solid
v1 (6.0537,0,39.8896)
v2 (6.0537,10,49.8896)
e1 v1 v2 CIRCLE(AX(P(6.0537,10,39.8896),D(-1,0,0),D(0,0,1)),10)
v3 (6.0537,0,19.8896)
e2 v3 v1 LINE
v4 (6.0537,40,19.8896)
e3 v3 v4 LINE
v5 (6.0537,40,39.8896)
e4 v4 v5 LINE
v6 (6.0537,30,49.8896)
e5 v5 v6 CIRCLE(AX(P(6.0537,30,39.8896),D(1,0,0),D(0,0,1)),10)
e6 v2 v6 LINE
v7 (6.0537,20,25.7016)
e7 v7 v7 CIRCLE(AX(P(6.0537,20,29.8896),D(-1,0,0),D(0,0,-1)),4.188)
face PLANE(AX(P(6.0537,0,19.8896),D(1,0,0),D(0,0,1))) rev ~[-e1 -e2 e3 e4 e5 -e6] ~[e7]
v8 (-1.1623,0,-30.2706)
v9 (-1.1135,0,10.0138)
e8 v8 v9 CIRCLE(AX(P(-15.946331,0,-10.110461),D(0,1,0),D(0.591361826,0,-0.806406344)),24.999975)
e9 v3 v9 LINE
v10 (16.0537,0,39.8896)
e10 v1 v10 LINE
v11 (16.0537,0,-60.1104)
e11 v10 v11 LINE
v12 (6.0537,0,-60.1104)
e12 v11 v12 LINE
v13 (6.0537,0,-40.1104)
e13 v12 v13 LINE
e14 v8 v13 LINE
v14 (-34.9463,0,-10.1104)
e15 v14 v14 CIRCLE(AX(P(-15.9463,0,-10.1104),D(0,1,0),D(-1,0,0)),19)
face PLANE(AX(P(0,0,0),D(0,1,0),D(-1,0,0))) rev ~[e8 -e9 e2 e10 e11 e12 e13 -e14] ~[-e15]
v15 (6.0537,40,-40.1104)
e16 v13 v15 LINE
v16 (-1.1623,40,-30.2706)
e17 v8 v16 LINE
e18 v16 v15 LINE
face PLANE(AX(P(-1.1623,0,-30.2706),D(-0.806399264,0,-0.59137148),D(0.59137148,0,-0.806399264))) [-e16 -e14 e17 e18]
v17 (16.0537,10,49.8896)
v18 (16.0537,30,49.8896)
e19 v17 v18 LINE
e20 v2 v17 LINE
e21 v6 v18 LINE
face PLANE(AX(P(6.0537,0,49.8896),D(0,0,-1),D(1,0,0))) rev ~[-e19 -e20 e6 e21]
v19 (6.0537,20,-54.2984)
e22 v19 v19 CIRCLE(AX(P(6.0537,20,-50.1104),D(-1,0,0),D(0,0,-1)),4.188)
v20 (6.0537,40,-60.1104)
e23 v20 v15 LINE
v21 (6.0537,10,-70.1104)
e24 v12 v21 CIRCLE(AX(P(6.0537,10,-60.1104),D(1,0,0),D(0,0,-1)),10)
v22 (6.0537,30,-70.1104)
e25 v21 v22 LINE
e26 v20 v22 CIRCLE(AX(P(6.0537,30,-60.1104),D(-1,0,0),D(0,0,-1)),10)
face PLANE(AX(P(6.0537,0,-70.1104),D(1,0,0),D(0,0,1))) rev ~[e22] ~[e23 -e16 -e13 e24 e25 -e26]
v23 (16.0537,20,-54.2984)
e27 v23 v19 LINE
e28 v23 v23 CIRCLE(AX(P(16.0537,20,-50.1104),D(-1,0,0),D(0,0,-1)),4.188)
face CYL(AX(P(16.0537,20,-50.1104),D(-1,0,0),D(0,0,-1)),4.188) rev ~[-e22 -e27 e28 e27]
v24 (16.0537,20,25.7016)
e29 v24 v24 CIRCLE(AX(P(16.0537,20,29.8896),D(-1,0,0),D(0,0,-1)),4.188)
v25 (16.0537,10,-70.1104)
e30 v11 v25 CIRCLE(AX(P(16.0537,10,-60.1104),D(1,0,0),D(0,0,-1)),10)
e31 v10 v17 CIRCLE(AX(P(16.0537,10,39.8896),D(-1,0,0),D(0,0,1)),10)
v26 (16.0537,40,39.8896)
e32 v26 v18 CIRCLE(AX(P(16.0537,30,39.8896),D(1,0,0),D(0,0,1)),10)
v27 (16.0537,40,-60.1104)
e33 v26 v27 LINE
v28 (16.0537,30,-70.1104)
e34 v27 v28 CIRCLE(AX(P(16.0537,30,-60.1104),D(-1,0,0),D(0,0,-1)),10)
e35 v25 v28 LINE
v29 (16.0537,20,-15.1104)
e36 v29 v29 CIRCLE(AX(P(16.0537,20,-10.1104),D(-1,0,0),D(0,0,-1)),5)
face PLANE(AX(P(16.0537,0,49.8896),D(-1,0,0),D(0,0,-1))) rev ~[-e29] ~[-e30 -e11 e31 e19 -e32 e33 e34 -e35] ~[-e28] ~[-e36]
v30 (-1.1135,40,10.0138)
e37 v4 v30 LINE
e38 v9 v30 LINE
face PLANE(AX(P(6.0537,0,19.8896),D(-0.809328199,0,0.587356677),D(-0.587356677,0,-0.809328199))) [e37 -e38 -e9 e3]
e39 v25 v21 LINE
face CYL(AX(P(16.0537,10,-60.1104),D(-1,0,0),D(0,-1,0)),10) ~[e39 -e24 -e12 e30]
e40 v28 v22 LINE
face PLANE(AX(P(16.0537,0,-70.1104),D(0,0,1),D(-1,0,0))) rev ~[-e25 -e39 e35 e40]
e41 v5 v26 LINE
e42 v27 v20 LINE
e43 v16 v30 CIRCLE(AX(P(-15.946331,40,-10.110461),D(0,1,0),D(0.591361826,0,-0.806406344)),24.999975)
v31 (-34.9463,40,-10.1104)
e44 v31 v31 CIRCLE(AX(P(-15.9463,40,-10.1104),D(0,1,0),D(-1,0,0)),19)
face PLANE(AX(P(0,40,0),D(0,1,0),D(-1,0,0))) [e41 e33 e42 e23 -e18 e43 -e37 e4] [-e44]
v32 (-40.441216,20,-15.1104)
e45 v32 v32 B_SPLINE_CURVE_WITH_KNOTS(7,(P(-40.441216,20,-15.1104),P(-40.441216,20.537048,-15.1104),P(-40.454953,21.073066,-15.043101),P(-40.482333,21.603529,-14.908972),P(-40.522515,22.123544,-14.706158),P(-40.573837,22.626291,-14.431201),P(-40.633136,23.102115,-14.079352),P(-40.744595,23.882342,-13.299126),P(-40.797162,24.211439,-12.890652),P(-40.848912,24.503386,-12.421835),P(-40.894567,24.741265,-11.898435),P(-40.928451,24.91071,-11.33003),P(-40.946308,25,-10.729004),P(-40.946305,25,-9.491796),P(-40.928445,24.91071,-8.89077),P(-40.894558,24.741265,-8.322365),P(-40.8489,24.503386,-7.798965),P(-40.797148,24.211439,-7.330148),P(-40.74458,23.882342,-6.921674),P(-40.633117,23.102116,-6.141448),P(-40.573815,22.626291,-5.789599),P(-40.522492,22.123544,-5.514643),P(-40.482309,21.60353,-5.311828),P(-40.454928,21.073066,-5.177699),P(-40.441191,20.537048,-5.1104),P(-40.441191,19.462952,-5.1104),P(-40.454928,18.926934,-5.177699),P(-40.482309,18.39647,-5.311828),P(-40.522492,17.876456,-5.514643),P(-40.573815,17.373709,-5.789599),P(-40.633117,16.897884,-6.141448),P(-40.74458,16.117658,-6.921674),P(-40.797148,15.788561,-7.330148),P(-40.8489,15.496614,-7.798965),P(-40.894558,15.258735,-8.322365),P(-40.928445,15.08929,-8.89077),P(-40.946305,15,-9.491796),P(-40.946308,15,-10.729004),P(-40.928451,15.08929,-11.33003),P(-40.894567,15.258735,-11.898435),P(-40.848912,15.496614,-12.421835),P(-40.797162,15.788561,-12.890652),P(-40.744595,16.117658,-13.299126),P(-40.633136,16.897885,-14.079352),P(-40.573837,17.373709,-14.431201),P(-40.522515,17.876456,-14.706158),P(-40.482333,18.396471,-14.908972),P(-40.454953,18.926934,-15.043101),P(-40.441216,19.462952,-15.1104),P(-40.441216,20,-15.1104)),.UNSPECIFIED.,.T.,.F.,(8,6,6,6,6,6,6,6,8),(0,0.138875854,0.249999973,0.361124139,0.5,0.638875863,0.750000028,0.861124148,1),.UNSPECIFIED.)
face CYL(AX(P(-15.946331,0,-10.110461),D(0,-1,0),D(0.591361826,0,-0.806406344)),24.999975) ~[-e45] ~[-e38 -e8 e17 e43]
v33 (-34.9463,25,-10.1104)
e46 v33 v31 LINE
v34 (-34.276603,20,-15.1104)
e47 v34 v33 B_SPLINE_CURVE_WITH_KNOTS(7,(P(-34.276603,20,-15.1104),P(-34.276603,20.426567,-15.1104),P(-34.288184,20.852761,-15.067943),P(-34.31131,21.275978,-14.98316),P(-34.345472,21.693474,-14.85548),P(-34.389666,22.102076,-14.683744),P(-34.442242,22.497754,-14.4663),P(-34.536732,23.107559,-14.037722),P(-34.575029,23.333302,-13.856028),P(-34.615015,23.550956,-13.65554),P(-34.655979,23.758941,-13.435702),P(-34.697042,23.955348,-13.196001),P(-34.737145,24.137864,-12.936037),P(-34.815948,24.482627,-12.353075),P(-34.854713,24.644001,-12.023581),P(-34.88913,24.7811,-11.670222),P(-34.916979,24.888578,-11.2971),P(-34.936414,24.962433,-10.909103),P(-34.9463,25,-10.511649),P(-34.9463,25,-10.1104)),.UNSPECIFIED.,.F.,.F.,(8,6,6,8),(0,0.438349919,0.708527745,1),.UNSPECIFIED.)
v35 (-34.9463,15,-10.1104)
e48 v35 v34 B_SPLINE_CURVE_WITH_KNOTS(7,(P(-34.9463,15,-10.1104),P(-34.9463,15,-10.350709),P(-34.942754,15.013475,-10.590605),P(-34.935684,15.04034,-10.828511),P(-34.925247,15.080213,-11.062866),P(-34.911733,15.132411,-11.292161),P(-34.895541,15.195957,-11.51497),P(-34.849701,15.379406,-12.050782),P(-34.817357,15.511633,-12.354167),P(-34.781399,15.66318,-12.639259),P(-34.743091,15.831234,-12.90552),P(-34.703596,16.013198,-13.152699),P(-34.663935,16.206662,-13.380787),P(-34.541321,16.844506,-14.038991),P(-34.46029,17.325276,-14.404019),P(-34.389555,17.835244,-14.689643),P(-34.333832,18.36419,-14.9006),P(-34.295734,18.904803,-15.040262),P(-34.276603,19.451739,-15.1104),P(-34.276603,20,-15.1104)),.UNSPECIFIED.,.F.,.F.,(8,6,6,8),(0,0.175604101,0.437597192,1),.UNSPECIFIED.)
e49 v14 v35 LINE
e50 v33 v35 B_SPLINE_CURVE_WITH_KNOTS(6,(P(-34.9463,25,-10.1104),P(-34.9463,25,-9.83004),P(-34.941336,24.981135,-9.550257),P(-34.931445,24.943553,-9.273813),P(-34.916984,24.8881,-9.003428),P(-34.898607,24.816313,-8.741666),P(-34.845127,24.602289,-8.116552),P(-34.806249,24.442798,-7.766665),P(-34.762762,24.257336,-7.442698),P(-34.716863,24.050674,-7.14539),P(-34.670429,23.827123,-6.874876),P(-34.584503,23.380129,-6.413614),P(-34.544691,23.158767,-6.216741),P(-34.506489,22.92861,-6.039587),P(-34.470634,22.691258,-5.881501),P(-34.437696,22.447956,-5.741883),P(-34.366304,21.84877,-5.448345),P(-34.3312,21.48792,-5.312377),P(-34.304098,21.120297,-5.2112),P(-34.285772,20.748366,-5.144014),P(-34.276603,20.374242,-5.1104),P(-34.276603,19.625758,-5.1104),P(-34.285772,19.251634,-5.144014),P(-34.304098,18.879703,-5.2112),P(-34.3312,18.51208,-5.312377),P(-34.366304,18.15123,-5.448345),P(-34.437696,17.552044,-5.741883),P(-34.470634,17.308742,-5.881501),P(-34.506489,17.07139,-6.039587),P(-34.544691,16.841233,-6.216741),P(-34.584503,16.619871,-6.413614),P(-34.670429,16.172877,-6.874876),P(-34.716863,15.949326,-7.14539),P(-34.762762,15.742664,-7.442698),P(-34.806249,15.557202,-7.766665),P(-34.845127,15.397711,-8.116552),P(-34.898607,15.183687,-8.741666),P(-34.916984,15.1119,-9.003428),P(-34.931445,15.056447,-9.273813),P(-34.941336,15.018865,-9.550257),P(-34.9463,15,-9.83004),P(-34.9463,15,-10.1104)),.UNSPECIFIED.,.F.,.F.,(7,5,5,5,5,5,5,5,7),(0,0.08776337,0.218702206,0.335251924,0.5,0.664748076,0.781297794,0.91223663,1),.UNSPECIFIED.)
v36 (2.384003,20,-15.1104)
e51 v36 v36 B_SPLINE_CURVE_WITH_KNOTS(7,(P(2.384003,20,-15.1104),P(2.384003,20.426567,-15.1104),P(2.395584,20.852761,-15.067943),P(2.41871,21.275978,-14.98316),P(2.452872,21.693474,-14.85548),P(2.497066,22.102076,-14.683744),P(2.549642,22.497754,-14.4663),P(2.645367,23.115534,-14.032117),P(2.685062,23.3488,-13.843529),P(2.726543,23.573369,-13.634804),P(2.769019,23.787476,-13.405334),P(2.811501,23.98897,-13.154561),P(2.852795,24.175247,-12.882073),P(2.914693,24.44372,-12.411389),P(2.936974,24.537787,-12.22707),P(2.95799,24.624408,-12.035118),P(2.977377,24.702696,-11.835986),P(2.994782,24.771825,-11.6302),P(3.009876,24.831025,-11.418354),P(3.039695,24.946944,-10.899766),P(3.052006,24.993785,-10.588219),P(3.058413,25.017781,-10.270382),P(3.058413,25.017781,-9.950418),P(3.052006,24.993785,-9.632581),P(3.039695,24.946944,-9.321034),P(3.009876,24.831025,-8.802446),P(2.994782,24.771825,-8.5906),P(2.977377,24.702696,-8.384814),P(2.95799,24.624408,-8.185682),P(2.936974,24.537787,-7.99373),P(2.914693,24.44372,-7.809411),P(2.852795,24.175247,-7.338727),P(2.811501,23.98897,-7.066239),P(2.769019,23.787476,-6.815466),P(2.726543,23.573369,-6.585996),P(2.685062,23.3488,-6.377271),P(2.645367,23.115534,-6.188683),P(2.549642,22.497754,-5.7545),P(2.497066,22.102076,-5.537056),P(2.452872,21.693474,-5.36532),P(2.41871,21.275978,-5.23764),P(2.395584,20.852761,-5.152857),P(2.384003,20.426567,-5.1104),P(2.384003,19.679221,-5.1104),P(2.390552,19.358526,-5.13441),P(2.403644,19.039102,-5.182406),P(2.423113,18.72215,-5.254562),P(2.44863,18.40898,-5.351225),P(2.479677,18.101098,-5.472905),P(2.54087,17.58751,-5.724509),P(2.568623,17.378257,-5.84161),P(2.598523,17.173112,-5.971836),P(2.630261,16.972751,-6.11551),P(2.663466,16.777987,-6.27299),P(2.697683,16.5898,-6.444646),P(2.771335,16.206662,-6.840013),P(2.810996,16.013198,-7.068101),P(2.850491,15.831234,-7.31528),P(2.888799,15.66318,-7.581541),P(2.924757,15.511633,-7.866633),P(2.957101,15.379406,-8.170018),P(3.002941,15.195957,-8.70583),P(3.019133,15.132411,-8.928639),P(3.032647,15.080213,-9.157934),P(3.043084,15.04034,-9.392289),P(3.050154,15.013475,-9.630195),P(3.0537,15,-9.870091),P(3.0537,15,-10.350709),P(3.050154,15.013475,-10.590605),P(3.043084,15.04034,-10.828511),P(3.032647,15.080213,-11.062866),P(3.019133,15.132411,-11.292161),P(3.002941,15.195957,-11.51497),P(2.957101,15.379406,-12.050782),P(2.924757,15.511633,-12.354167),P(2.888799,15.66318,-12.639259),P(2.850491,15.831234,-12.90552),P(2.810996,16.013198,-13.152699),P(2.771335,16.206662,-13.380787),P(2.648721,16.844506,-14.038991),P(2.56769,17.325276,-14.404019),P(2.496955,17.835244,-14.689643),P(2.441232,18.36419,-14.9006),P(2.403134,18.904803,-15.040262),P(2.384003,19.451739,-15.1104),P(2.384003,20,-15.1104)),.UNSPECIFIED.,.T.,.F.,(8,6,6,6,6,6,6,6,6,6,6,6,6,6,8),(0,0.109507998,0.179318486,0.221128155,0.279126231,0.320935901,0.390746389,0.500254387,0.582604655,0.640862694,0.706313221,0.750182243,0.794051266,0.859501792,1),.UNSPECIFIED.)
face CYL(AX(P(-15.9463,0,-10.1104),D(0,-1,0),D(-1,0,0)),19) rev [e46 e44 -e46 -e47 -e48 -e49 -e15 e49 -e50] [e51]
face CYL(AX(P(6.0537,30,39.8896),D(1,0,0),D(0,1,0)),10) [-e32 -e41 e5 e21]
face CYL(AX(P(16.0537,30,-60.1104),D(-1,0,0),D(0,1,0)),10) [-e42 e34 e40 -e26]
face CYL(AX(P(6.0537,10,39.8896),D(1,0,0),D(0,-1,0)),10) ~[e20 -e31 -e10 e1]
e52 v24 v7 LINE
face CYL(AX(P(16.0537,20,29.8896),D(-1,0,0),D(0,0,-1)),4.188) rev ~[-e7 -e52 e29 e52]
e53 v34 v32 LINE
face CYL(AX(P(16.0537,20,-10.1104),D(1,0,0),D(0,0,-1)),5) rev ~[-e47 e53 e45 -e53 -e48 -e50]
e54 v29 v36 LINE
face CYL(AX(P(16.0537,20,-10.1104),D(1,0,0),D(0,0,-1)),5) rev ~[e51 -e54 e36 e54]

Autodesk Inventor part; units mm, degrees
ref_plane "YZ Plane" through (0, 0, 0) normal (1, 0, 0) x (0, 1, 0)
ref_plane "XZ Plane" through (0, 0, 0) normal (0, 1, 0) x (-1, 0, 0)
ref_plane "XY Plane" through (0, 0, 0) normal (0, 0, 1) x (1, 0, 0)
sketch "Sketch1" plane through (0, 0, 0) normal (0, 1, 0) x (-1, 0, 0)
  arc A0 (1.1623, -30.2706) -> (1.1135, 10.0138) centre (15.9463, -10.1104) ccw
  circle A1 centre (15.9463, -10.1104) radius 19
  line L0 (-9.0537, -10.1104) -> (-6.0537, -10.1104)
  line L1 (-6.0537, -10.1104) -> (-6.0537, 49.8896)
  line L2 (-6.0537, 49.8896) -> (-16.0537, 49.8896)
  line L3 (-16.0537, 49.8896) -> (-16.0537, -70.1104)
  line L4 (-16.0537, -70.1104) -> (-6.0537, -70.1104)
  line L5 (-6.0537, -70.1104) -> (-6.0537, -10.1104)
  line L6 (-6.0537, 19.8896) -> (1.1135, 10.0138)
  line L7 (15.9463, -10.1104) -> (15.8318, -10.2667)
  line L8 (1.1623, -30.2706) -> (-6.0537, -40.1104)
  point P0 (0, 0)
  dimension "d0" = 50
  dimension "d1" = 38
  dimension "d2" = 3
  dimension "d4" = 10
  dimension "d5" = 120
  dimension "d11" = 0
extrude "Extrusion1" add sketch "Sketch1" along normal blind 40
sketch "Sketch2" plane through (16.0537, 0, 49.8896) normal (1, 0, 0) x (0, 0, -1)
  line L0 (0, 0) -> (0, 40) projected
  line L1 (0, 20) -> (120, 20)
  line L2 (120, 0) -> (120, 40) projected
  circle A0 centre (60, 20) radius 5
  circle A1 centre (20, 20) radius 4
  circle A2 centre (100, 20) radius 4
  point P0 (49.8896, 0)
  dimension "d14" = 10
  dimension "d15" = 8
  dimension "d16" = 8
  dimension "d17" = 20
  dimension "d18" = 20
hole "Hole1" at (16.0537, 20, 29.8896) at (16.0537, 20, -50.1104) direction (-1, 0, 0) diameter 8.376 depth 27.3 tip angle 118 thread size "M10x1.5" class "6H" standard "ISO Metric profile"
fillet "Fillet1" radius 10 4 edges at (11.0537, 40, 49.8896) (11.0537, 0, 49.8896) (11.0537, 40, -70.1104) (11.0537, 0, -70.1104)
extrude "Extrusion2" cut sketch "Sketch2" against normal blind 100 contours A0 L1 | L1 A0
properties part number "MANCAL_FIXO"
